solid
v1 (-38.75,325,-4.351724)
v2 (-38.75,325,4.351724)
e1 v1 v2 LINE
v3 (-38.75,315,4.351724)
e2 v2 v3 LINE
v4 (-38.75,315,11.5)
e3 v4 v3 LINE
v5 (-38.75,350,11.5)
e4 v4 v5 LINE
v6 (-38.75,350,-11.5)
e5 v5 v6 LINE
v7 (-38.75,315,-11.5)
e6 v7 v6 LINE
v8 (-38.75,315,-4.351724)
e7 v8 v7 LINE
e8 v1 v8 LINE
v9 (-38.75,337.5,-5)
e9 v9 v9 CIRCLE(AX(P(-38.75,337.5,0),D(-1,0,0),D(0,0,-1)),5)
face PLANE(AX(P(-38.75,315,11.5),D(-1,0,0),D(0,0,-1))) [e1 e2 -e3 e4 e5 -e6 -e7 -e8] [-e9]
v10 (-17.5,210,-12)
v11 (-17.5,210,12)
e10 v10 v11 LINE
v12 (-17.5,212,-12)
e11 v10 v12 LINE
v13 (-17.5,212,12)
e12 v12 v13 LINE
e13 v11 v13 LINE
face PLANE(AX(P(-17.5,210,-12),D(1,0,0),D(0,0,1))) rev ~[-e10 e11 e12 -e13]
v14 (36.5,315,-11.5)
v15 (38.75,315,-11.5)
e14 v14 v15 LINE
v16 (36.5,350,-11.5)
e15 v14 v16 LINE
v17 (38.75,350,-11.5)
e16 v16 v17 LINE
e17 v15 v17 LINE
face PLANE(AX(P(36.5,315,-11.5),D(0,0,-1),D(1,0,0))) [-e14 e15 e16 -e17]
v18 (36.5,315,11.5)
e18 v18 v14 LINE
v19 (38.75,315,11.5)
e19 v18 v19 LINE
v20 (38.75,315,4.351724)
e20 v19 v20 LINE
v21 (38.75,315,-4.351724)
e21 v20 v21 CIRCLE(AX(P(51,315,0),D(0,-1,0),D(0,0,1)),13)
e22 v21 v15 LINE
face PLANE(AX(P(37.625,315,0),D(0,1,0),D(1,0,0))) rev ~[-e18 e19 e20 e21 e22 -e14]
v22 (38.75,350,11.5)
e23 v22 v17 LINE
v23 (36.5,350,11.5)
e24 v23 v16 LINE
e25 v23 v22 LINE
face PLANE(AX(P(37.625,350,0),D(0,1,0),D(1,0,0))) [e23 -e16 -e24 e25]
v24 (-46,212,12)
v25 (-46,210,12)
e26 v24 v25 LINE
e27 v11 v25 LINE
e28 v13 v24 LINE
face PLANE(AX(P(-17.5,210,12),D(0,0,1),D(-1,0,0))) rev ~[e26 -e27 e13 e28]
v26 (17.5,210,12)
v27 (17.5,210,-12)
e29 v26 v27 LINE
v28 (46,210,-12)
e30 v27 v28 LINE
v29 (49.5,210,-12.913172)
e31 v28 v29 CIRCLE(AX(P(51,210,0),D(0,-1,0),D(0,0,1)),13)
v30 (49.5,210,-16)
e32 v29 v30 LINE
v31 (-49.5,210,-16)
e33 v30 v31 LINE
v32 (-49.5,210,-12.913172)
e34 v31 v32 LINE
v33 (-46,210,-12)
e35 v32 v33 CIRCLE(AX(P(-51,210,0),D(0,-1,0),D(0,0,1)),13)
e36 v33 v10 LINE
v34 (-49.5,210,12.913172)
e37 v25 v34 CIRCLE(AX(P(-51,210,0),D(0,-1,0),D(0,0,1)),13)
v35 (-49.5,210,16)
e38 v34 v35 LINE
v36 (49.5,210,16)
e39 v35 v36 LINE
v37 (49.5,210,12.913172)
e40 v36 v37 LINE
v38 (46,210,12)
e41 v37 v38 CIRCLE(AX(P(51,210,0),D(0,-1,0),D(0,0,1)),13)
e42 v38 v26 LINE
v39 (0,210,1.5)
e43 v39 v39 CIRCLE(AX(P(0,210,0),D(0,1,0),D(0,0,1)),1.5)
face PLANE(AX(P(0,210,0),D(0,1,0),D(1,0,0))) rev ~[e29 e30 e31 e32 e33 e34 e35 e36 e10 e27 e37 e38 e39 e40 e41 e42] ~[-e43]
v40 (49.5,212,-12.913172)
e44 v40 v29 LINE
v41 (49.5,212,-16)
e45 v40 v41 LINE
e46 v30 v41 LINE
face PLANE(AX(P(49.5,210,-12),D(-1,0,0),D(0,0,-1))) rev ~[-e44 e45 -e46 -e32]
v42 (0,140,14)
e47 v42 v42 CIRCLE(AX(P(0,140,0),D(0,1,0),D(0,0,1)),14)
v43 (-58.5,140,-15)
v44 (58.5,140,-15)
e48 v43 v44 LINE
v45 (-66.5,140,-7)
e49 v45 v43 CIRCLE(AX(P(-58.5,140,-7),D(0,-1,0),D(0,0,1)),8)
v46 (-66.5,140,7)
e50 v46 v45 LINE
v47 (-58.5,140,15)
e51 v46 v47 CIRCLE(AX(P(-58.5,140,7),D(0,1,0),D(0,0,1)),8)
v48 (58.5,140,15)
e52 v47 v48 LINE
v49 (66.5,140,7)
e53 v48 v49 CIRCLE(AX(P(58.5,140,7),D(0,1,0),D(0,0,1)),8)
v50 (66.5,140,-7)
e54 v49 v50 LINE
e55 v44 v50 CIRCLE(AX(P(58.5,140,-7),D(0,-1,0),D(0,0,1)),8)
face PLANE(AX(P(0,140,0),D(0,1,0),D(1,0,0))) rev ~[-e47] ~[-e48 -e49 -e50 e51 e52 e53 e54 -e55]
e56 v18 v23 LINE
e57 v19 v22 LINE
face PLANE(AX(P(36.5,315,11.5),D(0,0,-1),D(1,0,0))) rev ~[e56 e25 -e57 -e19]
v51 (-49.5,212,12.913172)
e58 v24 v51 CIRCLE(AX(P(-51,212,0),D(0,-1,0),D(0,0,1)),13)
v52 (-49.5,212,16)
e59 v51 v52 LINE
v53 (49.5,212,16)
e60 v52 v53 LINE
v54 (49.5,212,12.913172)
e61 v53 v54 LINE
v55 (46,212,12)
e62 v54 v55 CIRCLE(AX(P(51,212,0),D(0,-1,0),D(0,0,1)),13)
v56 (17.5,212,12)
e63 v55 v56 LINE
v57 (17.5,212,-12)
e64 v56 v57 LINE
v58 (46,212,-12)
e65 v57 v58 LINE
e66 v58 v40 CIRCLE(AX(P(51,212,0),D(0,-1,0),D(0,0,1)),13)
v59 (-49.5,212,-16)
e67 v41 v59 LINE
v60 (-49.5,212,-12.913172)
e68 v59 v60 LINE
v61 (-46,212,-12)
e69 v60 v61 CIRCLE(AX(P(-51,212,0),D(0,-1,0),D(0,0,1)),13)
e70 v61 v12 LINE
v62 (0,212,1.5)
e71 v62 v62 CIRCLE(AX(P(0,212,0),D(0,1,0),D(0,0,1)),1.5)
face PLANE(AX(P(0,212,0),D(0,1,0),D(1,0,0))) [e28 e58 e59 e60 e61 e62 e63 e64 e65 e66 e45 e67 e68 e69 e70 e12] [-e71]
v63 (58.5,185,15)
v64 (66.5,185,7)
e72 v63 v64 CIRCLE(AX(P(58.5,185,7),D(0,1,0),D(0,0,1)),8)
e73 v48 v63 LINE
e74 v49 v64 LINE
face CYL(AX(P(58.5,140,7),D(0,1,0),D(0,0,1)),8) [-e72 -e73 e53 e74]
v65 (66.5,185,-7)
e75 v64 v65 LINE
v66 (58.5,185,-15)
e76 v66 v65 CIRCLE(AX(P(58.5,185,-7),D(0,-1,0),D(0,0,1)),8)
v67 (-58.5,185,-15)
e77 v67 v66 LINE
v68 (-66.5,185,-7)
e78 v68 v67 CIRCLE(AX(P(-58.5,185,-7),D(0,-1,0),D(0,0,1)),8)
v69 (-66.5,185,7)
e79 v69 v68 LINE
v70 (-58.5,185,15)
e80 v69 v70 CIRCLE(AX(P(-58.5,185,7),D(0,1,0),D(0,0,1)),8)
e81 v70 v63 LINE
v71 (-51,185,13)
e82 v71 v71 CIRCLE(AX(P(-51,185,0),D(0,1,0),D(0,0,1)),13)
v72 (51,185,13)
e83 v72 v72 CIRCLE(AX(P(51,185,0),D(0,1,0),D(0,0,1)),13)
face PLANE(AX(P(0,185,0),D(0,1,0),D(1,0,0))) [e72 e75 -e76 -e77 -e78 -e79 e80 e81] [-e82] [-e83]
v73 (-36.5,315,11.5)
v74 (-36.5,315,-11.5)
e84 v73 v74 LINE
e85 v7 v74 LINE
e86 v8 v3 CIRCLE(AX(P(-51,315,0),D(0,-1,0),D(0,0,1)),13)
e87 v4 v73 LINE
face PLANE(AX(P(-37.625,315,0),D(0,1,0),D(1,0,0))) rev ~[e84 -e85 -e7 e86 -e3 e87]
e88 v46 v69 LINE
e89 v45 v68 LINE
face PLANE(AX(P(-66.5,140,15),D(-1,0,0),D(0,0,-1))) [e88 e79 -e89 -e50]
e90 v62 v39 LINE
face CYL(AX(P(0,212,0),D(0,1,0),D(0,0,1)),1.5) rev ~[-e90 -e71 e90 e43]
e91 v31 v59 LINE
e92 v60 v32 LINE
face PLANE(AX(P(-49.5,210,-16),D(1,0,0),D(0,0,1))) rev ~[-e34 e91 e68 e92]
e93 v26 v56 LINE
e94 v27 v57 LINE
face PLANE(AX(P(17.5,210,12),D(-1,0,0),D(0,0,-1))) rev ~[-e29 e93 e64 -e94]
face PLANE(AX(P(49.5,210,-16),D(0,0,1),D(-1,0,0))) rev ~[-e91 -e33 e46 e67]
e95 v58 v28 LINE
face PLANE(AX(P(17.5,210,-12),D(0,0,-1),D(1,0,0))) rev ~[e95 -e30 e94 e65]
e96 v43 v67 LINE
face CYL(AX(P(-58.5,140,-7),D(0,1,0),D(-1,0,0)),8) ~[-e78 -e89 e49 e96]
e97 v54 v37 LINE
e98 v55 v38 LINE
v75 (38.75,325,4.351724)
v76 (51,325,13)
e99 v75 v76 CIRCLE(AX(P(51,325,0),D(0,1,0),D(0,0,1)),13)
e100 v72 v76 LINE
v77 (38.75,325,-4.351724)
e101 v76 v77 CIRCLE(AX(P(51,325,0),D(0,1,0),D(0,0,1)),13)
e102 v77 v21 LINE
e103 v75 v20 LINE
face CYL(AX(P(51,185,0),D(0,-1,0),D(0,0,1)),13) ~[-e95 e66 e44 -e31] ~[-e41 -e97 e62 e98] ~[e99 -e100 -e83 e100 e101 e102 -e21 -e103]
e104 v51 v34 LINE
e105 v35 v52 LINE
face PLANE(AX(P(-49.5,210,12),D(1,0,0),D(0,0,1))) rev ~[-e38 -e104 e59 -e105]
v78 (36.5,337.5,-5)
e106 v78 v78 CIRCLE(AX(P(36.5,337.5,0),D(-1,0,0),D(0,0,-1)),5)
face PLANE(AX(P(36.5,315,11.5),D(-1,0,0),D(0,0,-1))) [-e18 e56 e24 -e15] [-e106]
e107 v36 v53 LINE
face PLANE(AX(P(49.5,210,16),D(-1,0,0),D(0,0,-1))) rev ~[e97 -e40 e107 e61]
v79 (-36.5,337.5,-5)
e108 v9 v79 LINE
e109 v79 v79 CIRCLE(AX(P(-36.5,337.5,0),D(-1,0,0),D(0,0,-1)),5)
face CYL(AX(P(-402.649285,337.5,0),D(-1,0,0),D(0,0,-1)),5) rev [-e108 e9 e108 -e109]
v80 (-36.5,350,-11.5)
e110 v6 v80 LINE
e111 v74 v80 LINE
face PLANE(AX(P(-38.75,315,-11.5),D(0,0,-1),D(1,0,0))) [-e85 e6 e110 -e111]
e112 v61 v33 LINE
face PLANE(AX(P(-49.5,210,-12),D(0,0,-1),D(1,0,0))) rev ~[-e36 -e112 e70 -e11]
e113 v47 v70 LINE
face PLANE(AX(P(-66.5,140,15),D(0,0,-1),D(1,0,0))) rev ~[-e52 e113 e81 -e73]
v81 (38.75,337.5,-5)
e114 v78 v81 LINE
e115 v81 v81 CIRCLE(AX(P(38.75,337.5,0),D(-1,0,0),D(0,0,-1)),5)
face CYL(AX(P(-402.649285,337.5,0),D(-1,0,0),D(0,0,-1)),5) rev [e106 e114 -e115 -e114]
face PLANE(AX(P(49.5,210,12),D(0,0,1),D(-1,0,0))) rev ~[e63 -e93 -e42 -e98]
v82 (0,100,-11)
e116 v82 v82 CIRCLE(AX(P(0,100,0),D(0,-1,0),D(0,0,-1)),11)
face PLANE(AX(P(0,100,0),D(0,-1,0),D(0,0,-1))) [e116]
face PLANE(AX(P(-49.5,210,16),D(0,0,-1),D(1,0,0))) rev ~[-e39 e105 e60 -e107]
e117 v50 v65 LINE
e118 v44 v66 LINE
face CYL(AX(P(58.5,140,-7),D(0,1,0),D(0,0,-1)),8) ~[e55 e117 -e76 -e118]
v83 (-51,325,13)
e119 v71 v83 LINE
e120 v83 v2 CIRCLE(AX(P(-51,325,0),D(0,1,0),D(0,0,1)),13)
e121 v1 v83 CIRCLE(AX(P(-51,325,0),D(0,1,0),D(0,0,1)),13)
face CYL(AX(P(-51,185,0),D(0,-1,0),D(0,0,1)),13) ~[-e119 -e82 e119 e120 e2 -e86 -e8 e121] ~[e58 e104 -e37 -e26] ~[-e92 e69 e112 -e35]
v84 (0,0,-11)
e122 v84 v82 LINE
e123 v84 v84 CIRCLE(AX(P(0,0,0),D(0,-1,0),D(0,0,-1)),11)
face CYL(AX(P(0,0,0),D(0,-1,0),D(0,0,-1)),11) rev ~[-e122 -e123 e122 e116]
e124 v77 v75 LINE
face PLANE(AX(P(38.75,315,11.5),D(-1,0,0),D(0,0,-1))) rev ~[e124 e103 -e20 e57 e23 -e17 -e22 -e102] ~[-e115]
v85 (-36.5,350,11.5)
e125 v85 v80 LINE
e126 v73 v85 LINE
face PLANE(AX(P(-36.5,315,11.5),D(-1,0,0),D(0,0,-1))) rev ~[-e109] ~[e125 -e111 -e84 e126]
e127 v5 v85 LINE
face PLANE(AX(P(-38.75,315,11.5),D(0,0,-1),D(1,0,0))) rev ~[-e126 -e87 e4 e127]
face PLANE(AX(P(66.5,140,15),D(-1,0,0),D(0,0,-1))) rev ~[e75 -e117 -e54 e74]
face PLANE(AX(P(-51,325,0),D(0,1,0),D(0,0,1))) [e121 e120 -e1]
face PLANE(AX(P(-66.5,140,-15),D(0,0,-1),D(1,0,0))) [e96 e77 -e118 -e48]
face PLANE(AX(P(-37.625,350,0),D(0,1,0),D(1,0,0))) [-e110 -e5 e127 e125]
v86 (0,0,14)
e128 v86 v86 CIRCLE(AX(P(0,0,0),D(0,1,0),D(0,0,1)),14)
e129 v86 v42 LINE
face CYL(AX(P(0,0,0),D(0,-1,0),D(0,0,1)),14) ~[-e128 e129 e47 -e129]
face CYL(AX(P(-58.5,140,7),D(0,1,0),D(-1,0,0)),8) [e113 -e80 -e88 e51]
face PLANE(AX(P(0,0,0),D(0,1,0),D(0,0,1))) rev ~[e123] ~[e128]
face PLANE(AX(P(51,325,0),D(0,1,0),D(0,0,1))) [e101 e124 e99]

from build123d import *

# Parameters (mm, degrees)
SKETCH1_R               = 14
BOSS_EXTRUDE1_DEPTH     = 140
SKETCH2_W               = 133
SKETCH2_H               = 30
BOSS_EXTRUDE2_DEPTH     = 45
SKETCH3_R               = 13
BOSS_EXTRUDE3_DEPTH     = 140
FILLET1_R               = 8
BOSS_EXTRUDE4_START     = -10
SKETCH5_W               = 2.25
SKETCH5_H               = 23
BOSS_EXTRUDE4_DEPTH     = 35
CUT_EXTRUDE1_DEPTH      = 366.14928454
CUT_EXTRUDE1_DEPTH_BACK = 366.14928454
SKETCH6_R               = 5
BOSS_EXTRUDE5_START     = -140
BOSS_EXTRUDE5_DEPTH     = 2
CUT_EXTRUDE2_REACH      = 224.761
SKETCH9_R               = 1.5
SKETCH10_R              = 11
CUT_EXTRUDE3_DEPTH      = 100


with BuildPart() as part:
    # Sketch1 → Boss-Extrude1 (new body)
    with BuildSketch(Plane(origin=(0, 0, 0), x_dir=(1, 0, 0), z_dir=(0, 1, 0))):
        with Locations(Location((0, 0, 0), (0, 0, 270))):
            Circle(SKETCH1_R)
    extrude(amount=BOSS_EXTRUDE1_DEPTH)

    # Sketch2 → Boss-Extrude2 (add)
    with BuildSketch(Plane(origin=(0, 140, 0), x_dir=(1, 0, 0), z_dir=(0, 1, 0))):
        Rectangle(SKETCH2_W, SKETCH2_H)
    extrude(amount=BOSS_EXTRUDE2_DEPTH)

    # Sketch3 → Boss-Extrude3 (add)
    with BuildSketch(Plane(origin=(0, 185, 0), x_dir=(1, 0, 0), z_dir=(0, 1, 0))):
        with Locations(Location((-51, 0, 0), (0, 0, 270))):
            Circle(SKETCH3_R)
        with Locations(Location((51, 0, 0), (0, 0, 270))):
            Circle(SKETCH3_R)
    extrude(amount=BOSS_EXTRUDE3_DEPTH)

    # Fillet1
    fillet1_edges = [part.edges().sort_by_distance(p)[0] for p in [
        (-66.5, 162.5, 15),
        (66.5, 162.5, 15),
        (66.5, 162.5, -15),
        (-66.5, 162.5, -15),
    ]]
    fillet(fillet1_edges, radius=FILLET1_R)

    # Sketch5 → Boss-Extrude4 (add)
    with BuildSketch(Plane(origin=(0, 325, 0), x_dir=(1, 0, 0), z_dir=(0, 1, 0)).offset(BOSS_EXTRUDE4_START)):
        with Locations((-37.625, 0)):
            Rectangle(SKETCH5_W, SKETCH5_H)
        with Locations((37.625, 0)):
            Rectangle(SKETCH5_W, SKETCH5_H)
    extrude(amount=BOSS_EXTRUDE4_DEPTH)

    # Sketch6 → Cut-Extrude1 (cut, two sides: drawn at the far end of the back side and taken through both)
    with BuildSketch(Plane(origin=(-36.5, 0, 0), x_dir=(0, 0, -1), z_dir=(1, 0, 0)).offset(-CUT_EXTRUDE1_DEPTH_BACK)):
        with Locations((0, 337.5)):
            Circle(SKETCH6_R)
    extrude(amount=CUT_EXTRUDE1_DEPTH + CUT_EXTRUDE1_DEPTH_BACK, mode=Mode.SUBTRACT)

    # Sketch8 → Boss-Extrude5 (add)
    with BuildSketch(Plane(origin=(0, 350, 0), x_dir=(1, 0, 0), z_dir=(0, 1, 0)).offset(BOSS_EXTRUDE5_START)):
        Polygon((17.5, 16), (-17.5, 16), (-49.5, 16), (-49.5, 12), (-17.5, 12), (-17.5, -12), (-49.5, -12), (-49.5, -16), (-17.5, -16), (17.5, -16), (49.5, -16), (49.5, -12), (17.5, -12), (17.5, 12), (49.5, 12), (49.5, 16), align=None)
    extrude(amount=BOSS_EXTRUDE5_DEPTH)

    # Sketch9 → Cut-Extrude2 (cut, up to next)
    with BuildSketch(Plane(origin=(0, 212, 0), x_dir=(1, 0, 0), z_dir=(0, 1, 0)), mode=Mode.PRIVATE) as cut_extrude2_sk1:
        with Locations(Location((0, 0, 0), (0, 0, 270))):
            Circle(SKETCH9_R)
    cut_extrude2_tool1 = extrude(cut_extrude2_sk1.sketch, amount=-CUT_EXTRUDE2_REACH, mode=Mode.PRIVATE) & part.part
    add(cut_extrude2_tool1.solids().sort_by_distance((0, 212, 0))[0], mode=Mode.SUBTRACT)

    # Sketch10 → Cut-Extrude3 (cut)
    with BuildSketch(Plane.XZ):
        with Locations(Location((0, 0, 0), (0, 0, 270))):
            Circle(SKETCH10_R)
    extrude(amount=-CUT_EXTRUDE3_DEPTH, mode=Mode.SUBTRACT)


solid = part.part
